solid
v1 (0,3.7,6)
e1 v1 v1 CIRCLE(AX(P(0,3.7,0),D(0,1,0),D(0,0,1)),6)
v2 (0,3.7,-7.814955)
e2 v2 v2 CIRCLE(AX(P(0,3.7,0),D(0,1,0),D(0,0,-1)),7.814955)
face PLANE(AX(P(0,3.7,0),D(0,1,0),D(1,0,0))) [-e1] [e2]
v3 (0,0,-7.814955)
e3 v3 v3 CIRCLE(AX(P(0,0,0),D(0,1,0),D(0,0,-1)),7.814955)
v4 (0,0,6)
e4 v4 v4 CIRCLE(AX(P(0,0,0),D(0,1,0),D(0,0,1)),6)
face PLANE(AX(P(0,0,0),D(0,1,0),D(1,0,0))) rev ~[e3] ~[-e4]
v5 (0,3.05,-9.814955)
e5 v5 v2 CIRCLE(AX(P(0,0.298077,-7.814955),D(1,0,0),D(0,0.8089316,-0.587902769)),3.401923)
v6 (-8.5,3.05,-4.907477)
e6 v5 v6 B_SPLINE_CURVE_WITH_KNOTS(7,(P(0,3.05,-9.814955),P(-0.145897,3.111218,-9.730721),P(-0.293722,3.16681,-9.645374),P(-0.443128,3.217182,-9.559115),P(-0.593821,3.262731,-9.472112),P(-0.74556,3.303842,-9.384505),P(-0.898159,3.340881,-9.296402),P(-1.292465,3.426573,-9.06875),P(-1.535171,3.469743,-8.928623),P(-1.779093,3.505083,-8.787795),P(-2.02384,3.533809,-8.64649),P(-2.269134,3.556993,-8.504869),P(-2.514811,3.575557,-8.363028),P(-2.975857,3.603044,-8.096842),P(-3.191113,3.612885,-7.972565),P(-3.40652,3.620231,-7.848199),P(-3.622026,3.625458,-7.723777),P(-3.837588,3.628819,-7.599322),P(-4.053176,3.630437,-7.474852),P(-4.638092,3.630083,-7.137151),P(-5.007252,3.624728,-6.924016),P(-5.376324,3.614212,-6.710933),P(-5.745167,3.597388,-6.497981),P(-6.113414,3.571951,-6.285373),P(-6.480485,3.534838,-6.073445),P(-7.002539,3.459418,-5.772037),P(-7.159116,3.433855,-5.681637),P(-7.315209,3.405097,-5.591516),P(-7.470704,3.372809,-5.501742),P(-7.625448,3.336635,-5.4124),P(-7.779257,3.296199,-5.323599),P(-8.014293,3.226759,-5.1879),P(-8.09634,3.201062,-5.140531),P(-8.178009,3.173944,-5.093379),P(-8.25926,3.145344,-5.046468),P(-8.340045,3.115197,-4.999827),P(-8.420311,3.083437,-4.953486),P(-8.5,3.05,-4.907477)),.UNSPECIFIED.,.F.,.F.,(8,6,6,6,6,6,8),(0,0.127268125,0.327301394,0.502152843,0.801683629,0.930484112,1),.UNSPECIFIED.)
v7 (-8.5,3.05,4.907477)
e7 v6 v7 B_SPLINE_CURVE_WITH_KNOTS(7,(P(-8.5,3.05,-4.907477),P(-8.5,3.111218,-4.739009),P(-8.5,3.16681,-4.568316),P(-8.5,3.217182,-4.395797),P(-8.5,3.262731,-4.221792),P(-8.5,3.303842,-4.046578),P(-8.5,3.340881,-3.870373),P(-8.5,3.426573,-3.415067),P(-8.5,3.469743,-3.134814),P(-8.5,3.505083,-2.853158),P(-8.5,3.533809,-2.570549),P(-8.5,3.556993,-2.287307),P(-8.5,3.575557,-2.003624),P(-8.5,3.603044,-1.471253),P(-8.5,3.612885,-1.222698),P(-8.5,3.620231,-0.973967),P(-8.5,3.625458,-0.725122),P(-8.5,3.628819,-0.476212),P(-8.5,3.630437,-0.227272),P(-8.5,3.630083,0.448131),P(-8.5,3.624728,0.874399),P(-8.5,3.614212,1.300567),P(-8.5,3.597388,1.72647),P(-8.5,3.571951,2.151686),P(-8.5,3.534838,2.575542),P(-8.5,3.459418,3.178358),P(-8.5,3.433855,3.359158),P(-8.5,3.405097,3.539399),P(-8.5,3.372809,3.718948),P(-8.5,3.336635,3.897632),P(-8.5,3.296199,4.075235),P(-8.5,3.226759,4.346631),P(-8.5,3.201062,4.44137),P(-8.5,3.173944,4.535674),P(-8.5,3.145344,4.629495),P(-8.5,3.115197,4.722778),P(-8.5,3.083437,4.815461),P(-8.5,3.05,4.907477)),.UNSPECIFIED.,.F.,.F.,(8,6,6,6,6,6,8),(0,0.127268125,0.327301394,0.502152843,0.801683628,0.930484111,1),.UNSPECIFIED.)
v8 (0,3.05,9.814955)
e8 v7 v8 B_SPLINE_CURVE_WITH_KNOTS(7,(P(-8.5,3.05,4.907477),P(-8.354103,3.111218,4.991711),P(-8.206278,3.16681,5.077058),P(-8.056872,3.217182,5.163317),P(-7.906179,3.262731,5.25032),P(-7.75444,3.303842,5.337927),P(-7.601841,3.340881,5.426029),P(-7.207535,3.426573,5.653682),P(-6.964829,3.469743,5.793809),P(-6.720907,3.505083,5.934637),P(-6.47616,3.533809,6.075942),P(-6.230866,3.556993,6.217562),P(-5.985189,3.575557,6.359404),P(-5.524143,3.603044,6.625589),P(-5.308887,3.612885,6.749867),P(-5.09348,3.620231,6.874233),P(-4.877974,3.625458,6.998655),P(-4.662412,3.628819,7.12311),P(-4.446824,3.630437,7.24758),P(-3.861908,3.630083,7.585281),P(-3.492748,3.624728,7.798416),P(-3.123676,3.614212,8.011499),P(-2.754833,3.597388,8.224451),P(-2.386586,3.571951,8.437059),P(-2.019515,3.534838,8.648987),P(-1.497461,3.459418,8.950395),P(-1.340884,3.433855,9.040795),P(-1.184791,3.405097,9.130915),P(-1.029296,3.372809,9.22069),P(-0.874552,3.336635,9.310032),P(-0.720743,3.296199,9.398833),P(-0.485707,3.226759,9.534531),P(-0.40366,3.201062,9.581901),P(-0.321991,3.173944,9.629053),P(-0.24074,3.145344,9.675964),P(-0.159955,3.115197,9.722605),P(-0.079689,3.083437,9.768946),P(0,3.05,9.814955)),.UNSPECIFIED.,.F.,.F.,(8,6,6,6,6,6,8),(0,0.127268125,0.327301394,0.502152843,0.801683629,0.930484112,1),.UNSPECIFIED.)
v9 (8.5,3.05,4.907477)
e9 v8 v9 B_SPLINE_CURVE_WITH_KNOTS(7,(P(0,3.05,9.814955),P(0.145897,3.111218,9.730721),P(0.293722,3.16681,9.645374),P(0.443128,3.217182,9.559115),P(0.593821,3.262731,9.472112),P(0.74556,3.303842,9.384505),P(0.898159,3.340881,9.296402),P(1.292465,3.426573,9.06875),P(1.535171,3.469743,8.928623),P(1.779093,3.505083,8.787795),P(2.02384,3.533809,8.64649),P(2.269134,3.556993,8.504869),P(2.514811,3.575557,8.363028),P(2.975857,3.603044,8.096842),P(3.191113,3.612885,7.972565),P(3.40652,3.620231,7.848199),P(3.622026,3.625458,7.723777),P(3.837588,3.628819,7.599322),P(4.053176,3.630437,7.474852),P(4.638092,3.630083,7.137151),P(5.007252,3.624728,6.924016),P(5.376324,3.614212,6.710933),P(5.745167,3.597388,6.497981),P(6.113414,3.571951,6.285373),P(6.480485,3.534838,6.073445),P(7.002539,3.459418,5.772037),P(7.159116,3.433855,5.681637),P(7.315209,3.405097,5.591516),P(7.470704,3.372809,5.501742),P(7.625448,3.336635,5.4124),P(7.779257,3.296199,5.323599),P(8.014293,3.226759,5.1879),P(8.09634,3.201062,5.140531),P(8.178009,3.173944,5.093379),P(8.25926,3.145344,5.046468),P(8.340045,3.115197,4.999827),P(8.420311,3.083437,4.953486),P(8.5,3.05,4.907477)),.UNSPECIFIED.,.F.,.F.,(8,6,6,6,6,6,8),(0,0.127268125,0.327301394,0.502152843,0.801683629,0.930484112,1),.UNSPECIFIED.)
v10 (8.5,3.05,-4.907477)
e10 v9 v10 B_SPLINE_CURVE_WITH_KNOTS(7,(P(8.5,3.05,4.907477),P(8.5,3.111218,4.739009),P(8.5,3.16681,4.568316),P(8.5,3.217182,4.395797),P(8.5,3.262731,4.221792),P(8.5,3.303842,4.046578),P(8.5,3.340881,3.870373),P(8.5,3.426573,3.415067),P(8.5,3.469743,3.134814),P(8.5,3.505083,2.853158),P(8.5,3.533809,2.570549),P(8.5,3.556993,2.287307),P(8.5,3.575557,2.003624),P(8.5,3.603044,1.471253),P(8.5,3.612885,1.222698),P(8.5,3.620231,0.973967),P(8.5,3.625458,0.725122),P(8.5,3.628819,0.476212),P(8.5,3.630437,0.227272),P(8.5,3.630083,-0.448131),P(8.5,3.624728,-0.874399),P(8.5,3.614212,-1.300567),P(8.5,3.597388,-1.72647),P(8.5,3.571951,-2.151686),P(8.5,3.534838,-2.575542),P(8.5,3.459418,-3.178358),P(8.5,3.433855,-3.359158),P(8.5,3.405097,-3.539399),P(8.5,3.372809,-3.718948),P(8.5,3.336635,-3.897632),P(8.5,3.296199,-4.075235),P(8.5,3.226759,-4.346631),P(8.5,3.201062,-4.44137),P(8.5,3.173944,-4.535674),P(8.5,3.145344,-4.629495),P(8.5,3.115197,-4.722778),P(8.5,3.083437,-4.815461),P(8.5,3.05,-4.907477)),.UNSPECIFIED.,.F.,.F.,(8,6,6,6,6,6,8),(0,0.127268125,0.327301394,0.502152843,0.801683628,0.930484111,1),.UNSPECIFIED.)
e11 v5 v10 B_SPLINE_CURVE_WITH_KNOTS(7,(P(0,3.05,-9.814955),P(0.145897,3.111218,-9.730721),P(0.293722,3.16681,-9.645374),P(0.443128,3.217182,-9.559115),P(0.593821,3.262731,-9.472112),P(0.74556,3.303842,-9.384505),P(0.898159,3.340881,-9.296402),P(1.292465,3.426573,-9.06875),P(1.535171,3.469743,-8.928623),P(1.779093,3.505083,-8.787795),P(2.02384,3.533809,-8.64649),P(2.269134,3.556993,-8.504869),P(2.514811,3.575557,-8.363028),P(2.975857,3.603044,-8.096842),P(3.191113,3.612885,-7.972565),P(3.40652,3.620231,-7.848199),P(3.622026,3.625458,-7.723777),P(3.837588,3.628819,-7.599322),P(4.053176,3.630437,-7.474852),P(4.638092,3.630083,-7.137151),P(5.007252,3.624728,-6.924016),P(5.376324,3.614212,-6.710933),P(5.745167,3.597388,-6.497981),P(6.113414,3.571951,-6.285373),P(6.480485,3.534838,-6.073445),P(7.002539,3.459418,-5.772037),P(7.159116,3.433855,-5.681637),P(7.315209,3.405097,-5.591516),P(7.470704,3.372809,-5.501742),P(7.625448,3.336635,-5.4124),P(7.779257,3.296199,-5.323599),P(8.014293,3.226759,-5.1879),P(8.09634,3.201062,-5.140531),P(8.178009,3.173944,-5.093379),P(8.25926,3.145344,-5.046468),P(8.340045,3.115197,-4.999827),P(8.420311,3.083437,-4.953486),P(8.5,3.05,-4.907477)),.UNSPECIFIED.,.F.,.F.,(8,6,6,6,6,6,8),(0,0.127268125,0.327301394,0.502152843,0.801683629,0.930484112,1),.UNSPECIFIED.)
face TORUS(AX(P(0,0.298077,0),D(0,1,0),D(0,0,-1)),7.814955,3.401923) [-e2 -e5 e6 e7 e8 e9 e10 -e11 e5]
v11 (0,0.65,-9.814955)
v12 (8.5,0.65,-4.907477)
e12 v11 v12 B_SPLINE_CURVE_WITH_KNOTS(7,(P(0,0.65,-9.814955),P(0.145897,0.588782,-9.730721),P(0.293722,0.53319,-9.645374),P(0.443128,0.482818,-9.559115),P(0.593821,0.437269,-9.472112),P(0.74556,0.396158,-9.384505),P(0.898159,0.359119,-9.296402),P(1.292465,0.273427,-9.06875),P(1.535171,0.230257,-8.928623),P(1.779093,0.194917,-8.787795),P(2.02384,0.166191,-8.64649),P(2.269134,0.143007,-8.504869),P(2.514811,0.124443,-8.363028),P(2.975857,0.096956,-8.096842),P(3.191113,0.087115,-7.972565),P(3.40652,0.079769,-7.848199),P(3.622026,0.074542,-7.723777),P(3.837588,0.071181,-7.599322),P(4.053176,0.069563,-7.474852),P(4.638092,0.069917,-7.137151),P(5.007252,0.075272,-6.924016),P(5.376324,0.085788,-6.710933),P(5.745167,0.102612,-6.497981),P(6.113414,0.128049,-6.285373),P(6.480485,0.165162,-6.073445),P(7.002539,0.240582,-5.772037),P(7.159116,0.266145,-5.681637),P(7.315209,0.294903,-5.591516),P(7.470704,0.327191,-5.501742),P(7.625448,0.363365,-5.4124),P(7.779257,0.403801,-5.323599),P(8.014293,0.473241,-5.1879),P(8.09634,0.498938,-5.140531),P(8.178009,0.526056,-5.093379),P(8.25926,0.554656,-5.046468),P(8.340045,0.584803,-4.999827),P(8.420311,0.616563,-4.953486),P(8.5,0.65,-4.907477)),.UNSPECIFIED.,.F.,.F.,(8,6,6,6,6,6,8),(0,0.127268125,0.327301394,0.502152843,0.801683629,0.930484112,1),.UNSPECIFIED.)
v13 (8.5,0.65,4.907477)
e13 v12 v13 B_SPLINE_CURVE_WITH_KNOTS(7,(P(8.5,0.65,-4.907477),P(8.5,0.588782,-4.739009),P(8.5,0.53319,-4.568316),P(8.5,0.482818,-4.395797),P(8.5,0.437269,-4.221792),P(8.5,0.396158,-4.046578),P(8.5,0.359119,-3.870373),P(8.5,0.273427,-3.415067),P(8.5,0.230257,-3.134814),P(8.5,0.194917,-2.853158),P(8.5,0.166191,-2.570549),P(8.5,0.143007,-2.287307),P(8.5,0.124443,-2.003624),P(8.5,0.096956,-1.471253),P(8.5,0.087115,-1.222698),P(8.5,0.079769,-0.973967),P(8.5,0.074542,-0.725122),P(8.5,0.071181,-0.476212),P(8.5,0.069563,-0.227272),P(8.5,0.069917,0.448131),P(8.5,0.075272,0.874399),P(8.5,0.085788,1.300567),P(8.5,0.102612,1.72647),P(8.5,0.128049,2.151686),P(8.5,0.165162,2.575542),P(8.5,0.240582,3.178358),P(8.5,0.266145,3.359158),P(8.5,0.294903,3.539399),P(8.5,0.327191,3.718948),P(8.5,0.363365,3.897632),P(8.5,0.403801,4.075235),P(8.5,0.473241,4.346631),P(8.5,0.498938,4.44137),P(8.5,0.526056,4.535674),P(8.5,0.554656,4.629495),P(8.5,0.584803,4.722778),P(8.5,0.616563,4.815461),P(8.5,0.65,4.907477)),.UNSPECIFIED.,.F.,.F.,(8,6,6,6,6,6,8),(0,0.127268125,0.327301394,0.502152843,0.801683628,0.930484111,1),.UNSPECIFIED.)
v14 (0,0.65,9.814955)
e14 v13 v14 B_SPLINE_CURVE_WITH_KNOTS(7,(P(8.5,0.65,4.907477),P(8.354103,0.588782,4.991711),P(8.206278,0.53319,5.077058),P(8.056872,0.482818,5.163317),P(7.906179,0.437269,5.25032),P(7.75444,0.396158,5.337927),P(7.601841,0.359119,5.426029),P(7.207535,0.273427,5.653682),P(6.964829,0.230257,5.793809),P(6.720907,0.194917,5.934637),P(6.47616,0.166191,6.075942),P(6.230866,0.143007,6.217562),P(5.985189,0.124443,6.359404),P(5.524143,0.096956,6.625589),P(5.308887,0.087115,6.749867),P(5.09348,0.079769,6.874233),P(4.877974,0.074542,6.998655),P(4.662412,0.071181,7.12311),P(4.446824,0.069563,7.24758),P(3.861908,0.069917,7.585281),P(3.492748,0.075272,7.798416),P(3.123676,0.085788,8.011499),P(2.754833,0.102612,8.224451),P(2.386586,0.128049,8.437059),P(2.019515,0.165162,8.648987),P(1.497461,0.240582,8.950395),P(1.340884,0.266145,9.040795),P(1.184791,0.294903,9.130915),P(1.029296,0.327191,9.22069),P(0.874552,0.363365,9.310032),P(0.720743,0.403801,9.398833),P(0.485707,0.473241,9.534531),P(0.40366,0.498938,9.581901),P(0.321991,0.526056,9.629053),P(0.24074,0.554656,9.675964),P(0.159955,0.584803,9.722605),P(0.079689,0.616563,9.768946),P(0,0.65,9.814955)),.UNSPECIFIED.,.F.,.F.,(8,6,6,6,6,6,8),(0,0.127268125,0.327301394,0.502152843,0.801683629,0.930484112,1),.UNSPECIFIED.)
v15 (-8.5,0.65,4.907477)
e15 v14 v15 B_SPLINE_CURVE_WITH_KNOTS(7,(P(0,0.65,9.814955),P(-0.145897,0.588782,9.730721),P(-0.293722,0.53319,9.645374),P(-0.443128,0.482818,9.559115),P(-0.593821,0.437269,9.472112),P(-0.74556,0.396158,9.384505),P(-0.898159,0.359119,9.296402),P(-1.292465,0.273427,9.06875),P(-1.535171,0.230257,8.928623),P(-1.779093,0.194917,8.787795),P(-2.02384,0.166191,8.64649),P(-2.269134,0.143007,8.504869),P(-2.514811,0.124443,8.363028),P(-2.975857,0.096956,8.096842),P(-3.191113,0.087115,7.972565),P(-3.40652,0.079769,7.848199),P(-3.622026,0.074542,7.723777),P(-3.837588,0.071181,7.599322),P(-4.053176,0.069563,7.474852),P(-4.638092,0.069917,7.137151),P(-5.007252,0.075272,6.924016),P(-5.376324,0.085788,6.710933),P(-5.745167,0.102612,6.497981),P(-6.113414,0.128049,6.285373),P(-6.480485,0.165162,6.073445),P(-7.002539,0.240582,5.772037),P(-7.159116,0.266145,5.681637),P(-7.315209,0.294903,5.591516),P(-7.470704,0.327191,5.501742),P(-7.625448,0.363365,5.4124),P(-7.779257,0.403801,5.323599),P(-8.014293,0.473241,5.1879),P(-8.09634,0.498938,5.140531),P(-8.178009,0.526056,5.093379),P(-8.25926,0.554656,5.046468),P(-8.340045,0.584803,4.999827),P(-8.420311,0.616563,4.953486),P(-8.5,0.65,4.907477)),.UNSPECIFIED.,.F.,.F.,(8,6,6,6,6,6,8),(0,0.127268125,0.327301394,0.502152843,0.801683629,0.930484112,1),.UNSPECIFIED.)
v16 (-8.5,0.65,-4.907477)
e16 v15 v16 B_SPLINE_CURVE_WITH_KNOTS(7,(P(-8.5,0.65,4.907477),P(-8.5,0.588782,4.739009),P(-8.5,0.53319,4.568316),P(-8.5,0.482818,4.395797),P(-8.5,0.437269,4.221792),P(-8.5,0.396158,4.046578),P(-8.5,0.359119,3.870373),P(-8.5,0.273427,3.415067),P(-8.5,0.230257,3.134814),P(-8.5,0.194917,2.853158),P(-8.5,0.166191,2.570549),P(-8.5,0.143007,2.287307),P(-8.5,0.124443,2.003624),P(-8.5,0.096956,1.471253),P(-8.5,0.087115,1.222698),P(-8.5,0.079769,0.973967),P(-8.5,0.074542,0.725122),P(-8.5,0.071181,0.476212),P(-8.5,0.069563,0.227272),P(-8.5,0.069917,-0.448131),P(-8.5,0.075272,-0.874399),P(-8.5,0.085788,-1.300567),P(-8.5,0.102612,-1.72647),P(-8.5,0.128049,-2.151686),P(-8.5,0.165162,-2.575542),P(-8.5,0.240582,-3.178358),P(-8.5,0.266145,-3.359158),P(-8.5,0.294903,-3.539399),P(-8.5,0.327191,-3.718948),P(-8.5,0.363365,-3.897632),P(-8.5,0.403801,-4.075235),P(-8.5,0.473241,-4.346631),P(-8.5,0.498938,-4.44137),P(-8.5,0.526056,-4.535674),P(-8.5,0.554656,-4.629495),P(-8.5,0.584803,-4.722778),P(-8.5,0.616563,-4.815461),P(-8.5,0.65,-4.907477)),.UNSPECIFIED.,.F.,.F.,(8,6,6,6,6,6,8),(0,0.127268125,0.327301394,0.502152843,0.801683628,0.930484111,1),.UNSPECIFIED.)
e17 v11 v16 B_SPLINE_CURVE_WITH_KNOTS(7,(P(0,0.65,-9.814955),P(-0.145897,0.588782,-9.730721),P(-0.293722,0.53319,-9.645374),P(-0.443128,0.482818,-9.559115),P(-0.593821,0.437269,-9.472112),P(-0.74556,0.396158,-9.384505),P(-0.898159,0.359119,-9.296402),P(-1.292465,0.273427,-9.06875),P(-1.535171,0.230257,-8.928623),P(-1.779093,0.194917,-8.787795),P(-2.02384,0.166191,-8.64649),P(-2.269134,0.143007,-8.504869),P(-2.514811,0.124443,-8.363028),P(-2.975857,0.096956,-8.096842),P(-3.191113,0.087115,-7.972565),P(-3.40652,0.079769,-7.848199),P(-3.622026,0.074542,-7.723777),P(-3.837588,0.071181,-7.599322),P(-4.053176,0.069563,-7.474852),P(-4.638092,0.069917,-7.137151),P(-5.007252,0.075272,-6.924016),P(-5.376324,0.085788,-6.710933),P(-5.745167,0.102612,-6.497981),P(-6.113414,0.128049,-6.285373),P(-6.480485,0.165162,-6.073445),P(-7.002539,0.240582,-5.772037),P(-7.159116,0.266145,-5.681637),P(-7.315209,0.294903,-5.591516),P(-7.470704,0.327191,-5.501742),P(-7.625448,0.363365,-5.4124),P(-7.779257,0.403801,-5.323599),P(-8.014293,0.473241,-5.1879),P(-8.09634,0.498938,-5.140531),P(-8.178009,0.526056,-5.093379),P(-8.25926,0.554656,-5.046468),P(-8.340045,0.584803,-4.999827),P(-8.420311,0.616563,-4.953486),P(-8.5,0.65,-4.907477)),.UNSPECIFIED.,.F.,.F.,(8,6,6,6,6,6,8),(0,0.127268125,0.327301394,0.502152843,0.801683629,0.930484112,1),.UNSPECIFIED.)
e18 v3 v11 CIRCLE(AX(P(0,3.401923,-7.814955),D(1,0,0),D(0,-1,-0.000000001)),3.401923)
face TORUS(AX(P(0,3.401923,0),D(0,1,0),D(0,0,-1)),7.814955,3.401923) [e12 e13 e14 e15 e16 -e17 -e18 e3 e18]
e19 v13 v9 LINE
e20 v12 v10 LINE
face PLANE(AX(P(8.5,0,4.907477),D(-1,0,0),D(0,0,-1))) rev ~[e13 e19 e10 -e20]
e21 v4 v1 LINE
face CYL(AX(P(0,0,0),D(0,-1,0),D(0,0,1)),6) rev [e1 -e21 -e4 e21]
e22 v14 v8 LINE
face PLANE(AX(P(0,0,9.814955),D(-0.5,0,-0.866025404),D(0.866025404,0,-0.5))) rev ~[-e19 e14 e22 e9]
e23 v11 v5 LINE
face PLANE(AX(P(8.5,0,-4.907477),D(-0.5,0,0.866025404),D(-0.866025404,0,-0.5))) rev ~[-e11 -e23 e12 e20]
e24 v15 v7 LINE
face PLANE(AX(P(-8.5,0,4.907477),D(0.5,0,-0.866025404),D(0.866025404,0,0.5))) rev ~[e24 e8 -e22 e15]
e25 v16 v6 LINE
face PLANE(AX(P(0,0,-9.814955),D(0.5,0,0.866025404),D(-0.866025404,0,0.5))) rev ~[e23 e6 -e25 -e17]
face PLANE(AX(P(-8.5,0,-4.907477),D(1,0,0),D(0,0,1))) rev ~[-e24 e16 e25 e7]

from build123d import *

# Parameters (mm, degrees)
CROQUIS1_R              = 6
SALIENTE_EXTRUIR1_DEPTH = 3.7


with BuildPart() as part:
    # Croquis1 → Saliente-Extruir1 (new body)
    with BuildSketch(Plane(origin=(0, 0, 0), x_dir=(1, 0, 0), z_dir=(0, 1, 0))):
        Polygon((0, 9.814954576), (-8.5, 4.907477288), (-8.5, -4.907477288), (0, -9.814954576), (8.5, -4.907477288), (8.5, 4.907477288), align=None)
        with Locations(Location((0, 0, 0), (0, 0, 270))):
            Circle(CROQUIS1_R, mode=Mode.SUBTRACT)
    extrude(amount=SALIENTE_EXTRUIR1_DEPTH)

    # Croquis2 → Cortar-Revolución1 (revolve, cut)
    with BuildSketch(Plane(origin=(0, 0, 0), x_dir=(0, 0, -1), z_dir=(1, 0, 0))):
        with BuildLine():
            Line((7.814954576, 3.7), (9.814954576, 3.7))
            Line((9.814954576, 3.7), (9.814954576, 3.05))
            ThreePointArc((9.814954576, 3.05), (8.866441618, 3.533421668), (7.814954576, 3.7))
        make_face()
        with BuildLine():
            Line((9.814954576, 0.65), (9.814954576, 0))
            Line((9.814954576, 0), (7.814954576, 0))
            ThreePointArc((7.814954576, 0), (8.866441618, 0.166578332), (9.814954576, 0.65))
        make_face()
    revolve(axis=Axis((0, 0, 0), (0, 1, 0)), mode=Mode.SUBTRACT)


solid = part.part
